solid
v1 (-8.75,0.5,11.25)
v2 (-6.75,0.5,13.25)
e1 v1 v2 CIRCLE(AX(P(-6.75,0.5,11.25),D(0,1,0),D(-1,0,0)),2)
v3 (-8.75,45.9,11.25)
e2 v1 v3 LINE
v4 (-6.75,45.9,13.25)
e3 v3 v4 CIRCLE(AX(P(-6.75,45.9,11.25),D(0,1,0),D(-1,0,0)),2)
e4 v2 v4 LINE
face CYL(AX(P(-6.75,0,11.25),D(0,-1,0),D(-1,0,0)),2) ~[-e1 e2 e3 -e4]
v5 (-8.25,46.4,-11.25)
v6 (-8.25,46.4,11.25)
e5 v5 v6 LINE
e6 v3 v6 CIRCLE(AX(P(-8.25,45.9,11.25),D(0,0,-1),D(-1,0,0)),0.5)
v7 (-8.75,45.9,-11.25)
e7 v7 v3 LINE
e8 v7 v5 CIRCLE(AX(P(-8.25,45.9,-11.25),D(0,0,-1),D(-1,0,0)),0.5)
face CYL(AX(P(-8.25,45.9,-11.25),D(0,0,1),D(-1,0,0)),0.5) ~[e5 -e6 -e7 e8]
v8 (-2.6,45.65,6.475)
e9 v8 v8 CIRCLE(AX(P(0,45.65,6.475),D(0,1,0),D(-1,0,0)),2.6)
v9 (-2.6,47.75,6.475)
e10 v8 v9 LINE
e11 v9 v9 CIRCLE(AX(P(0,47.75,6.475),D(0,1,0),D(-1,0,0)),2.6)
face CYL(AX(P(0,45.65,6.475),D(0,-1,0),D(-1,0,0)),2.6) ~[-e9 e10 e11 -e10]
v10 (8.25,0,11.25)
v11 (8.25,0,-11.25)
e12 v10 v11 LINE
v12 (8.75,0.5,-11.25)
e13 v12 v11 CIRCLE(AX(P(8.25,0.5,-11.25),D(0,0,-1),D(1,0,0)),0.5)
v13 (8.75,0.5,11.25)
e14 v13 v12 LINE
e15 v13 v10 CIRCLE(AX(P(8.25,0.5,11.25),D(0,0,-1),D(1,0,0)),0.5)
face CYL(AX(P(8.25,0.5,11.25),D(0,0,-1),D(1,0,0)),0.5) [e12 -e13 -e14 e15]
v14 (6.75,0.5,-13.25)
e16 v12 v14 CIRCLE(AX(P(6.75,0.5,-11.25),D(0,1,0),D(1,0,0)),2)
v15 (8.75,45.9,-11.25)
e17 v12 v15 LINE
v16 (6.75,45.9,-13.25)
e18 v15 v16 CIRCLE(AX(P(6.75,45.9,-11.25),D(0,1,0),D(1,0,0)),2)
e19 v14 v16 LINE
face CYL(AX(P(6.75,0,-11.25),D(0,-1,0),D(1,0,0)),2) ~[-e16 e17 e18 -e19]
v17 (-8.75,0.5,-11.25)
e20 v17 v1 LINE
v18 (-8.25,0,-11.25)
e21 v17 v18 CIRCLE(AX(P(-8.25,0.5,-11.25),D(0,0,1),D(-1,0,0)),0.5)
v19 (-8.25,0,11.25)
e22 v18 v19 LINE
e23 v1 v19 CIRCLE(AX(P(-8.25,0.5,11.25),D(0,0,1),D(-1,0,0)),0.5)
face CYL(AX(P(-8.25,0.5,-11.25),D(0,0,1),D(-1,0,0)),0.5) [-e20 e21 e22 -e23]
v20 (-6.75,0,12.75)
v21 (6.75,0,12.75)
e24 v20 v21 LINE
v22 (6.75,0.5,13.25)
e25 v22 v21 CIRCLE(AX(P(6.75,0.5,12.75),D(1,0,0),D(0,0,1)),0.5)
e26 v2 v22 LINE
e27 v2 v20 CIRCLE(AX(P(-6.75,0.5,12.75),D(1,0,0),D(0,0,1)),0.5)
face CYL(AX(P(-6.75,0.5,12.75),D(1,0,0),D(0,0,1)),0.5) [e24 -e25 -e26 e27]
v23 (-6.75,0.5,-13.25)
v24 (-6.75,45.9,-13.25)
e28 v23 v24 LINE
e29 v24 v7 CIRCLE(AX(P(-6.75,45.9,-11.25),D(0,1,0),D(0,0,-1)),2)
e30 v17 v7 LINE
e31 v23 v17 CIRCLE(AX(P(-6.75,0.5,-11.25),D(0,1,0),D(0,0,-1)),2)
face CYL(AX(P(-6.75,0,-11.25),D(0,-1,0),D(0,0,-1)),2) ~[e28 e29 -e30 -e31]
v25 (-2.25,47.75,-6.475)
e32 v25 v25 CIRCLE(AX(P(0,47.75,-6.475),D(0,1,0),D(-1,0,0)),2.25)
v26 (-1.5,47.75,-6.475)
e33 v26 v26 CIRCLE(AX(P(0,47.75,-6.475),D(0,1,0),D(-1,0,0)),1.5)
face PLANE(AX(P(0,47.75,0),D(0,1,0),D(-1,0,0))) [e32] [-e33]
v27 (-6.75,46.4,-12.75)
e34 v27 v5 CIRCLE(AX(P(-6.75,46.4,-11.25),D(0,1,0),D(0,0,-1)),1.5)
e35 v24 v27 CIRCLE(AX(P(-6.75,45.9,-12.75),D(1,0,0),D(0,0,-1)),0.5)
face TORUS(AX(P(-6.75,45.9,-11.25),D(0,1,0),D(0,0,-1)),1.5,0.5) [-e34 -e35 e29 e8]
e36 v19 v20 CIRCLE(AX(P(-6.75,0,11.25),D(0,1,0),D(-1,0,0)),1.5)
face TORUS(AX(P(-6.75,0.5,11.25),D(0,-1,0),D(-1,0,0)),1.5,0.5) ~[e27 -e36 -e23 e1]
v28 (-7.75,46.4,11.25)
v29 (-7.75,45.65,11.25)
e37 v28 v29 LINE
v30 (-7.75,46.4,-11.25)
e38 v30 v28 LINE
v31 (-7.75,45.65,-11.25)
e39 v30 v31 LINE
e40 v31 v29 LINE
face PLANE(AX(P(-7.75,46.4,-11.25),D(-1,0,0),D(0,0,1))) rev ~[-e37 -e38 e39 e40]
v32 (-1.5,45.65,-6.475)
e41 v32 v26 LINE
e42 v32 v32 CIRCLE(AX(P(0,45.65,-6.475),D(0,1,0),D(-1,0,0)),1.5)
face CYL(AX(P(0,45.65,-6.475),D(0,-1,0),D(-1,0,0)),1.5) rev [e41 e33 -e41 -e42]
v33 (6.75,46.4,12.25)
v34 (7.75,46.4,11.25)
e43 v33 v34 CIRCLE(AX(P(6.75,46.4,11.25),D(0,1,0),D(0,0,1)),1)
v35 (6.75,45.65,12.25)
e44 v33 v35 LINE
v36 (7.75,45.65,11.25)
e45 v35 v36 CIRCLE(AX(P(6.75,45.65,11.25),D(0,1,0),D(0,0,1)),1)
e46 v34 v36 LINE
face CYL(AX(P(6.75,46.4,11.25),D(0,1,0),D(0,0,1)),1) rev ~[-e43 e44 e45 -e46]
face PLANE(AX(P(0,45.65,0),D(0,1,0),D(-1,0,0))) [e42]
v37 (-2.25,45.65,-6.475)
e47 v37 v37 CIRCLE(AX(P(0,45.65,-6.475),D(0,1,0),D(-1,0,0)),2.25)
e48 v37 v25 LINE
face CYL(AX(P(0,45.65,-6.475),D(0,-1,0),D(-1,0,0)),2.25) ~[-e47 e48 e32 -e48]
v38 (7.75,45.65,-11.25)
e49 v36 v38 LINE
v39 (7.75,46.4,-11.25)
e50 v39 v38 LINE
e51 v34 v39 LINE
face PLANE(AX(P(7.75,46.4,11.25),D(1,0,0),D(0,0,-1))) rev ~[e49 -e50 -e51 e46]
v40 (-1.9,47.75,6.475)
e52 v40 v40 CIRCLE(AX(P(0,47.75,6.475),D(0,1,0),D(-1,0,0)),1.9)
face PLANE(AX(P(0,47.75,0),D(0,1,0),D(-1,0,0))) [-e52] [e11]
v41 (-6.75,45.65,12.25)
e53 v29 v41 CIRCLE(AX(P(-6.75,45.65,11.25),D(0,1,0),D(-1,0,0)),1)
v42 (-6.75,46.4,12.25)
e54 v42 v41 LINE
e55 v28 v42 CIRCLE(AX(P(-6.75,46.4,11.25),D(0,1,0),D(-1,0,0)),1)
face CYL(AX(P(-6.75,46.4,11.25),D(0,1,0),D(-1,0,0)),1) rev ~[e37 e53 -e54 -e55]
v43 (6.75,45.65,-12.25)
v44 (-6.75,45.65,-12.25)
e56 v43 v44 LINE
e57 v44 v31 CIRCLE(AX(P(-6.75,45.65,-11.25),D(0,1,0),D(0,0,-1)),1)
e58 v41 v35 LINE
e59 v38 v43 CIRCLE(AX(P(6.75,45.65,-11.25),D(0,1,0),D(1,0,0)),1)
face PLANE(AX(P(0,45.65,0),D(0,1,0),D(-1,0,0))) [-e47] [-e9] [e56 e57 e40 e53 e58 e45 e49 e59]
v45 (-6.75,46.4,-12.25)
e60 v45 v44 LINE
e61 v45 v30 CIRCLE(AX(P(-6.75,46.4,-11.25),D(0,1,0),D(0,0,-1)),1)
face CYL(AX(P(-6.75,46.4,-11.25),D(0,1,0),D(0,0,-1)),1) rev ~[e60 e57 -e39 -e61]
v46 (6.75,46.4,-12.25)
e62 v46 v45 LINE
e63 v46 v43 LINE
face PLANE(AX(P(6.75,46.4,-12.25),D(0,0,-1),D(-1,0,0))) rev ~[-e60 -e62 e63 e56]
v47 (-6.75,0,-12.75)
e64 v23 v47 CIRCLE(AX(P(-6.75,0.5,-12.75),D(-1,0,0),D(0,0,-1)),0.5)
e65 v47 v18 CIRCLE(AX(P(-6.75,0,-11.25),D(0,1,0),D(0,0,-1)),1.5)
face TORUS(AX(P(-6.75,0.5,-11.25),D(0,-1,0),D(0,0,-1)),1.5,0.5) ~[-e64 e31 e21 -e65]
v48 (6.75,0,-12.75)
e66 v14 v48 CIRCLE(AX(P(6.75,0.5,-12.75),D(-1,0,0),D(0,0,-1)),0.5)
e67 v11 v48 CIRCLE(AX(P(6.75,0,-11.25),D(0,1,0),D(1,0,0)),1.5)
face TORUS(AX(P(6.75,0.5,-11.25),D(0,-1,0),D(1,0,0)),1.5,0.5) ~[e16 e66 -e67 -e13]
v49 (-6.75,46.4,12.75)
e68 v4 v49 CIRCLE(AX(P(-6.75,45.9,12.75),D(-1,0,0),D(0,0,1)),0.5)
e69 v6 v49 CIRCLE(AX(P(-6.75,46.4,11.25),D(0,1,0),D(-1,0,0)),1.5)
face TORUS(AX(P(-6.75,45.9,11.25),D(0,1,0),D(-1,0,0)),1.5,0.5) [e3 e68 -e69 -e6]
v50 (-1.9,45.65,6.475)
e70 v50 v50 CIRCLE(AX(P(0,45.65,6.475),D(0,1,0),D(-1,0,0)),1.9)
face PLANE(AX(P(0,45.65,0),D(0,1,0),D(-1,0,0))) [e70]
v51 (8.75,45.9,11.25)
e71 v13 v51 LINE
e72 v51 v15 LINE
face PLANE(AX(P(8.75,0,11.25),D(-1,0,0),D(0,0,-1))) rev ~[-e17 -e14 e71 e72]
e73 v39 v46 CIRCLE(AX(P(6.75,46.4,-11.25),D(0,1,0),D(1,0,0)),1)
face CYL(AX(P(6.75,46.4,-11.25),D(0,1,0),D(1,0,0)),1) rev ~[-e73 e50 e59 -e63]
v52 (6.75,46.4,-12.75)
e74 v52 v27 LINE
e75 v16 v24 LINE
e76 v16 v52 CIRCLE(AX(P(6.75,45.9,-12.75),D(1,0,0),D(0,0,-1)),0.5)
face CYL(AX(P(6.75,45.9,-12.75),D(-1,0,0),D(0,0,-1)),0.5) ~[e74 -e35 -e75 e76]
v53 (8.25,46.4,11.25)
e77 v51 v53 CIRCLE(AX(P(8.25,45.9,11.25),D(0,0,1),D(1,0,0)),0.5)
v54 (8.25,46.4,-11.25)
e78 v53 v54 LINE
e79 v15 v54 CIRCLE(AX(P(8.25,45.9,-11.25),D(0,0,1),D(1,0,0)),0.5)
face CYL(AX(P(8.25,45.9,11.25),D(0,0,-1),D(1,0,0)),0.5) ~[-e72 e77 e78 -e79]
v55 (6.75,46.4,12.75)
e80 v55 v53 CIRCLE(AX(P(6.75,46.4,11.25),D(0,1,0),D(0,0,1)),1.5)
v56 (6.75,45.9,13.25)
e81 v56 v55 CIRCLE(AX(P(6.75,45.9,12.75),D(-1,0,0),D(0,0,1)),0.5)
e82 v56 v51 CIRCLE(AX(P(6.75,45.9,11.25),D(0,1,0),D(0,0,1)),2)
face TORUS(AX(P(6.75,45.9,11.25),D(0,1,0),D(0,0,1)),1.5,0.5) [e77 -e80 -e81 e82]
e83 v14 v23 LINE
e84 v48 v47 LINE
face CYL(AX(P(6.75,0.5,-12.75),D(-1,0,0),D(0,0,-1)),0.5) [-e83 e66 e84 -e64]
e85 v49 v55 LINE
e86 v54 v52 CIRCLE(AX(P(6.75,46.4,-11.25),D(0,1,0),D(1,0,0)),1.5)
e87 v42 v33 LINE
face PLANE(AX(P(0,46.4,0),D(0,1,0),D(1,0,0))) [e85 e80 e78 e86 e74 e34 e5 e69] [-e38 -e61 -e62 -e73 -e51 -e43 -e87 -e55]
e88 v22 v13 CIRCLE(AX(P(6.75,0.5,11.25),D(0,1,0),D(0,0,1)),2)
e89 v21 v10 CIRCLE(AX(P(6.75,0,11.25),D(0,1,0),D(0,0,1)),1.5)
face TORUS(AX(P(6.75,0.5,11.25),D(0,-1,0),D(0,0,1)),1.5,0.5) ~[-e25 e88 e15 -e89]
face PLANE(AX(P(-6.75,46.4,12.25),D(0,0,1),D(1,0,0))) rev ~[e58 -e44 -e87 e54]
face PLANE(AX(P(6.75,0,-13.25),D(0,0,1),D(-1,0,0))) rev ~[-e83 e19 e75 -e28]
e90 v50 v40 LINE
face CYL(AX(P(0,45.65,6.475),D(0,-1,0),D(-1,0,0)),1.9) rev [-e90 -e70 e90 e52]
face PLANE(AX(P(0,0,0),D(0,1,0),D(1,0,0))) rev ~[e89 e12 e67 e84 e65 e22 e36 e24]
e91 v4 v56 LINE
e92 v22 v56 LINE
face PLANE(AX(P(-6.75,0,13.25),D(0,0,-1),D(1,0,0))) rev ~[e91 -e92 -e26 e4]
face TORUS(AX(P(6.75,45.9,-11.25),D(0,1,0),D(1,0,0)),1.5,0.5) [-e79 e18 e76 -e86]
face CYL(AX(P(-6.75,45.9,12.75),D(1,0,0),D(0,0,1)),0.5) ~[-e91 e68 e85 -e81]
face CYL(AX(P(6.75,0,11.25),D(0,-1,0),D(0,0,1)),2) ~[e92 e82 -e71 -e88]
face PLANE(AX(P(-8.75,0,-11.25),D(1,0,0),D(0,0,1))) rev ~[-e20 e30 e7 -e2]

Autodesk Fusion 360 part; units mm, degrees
sketch "Sketch1" plane through (0, 0, 0) normal (0, 1, 0) x (1, 0, 0)
  line L0 (6.75, 13.25) -> (-6.75, 13.25)
  line L1 (-8.75, 11.25) -> (-8.75, -11.25)
  line L2 (-6.75, -13.25) -> (6.75, -13.25)
  line L3 (8.75, -11.25) -> (8.75, 11.25)
  arc A0 (-6.75, 13.25) -> (-8.75, 11.25) centre (-6.75, 11.25) ccw
  arc A1 (8.75, 11.25) -> (6.75, 13.25) centre (6.75, 11.25) ccw
  arc A2 (6.75, -13.25) -> (8.75, -11.25) centre (6.75, -11.25) ccw
  arc A3 (-8.75, -11.25) -> (-6.75, -13.25) centre (-6.75, -11.25) ccw
  point P0 (8.75, 13.25)
  point P1 (-8.75, 13.25)
  point P2 (8.75, -13.25)
  dimension "d1" = 17.5
  dimension "d2" = 26.5
  dimension "d3" = 2
extrude "Extrude1" add sketch "Sketch1" along normal blind 46.4
sketch "Sketch2" plane through (0, 46.4, 0) normal (0, 1, 0) x (-1, 0, 0)
  arc A0 (8.75, 11.25) -> (6.75, 13.25) centre (6.75, 11.25) ccw
  line L0 (6.75, 13.25) -> (-6.75, 13.25)
  arc A1 (-6.75, 13.25) -> (-8.75, 11.25) centre (-6.75, 11.25) ccw
  line L1 (-8.75, 11.25) -> (-8.75, -11.25)
  arc A2 (-8.75, -11.25) -> (-6.75, -13.25) centre (-6.75, -11.25) ccw
  line L2 (-6.75, -13.25) -> (6.75, -13.25)
  arc A3 (6.75, -13.25) -> (8.75, -11.25) centre (6.75, -11.25) ccw
  line L3 (8.75, -11.25) -> (8.75, 11.25)
  line L4 (7.75, -11.25) -> (7.75, 11.25)
  arc A4 (7.75, 11.25) -> (6.75, 12.25) centre (6.75, 11.25) ccw
  line L5 (6.75, 12.25) -> (-6.75, 12.25)
  arc A5 (-6.75, 12.25) -> (-7.75, 11.25) centre (-6.75, 11.25) ccw
  line L6 (-7.75, 11.25) -> (-7.75, -11.25)
  arc A6 (-7.75, -11.25) -> (-6.75, -12.25) centre (-6.75, -11.25) ccw
  line L7 (-6.75, -12.25) -> (6.75, -12.25)
  arc A7 (6.75, -12.25) -> (7.75, -11.25) centre (6.75, -11.25) ccw
  dimension "d6" = -1
extrude "Extrude2" cut sketch "Sketch2" against normal blind 0.75 contours L4 A4 L5 A5 L6 A6 L7 A7
fillet "Fillet1" radius 0.5 16 edges at (0, 46.4, -13.25) (-8.1642, 46.4, -12.6642) (-8.75, 46.4, 0) (-8.1642, 46.4, 12.6642) (0, 46.4, 13.25) (8.1642, 46.4, 12.6642) (8.75, 46.4, 0) (8.1642, 46.4, -12.6642) (0, 0, -13.25) (-8.1642, 0, -12.6642) (-8.75, 0, 0) (-8.1642, 0, 12.6642) (0, 0, 13.25) (8.1642, 0, 12.6642) (8.75, 0, 0) (8.1642, 0, -12.6642)
sketch "Sketch3" plane through (0, 45.65, 0) normal (0, 1, 0) x (-1, 0, 0)
  arc A0 (6.75, -12.25) -> (7.75, -11.25) centre (6.75, -11.25) ccw
  line L0 (7.75, -11.25) -> (7.75, 11.25)
  arc A1 (7.75, 11.25) -> (6.75, 12.25) centre (6.75, 11.25) ccw
  line L1 (6.75, 12.25) -> (-6.75, 12.25)
  arc A2 (-6.75, 12.25) -> (-7.75, 11.25) centre (-6.75, 11.25) ccw
  line L2 (-7.75, 11.25) -> (-7.75, -11.25)
  arc A3 (-7.75, -11.25) -> (-6.75, -12.25) centre (-6.75, -11.25) ccw
  line L3 (-6.75, -12.25) -> (6.75, -12.25)
  circle A4 centre (0, -6.475) radius 2.25
  circle A5 centre (0, 6.475) radius 2.6
  circle A6 centre (0, -6.475) radius 1.5
  circle A7 centre (0, 6.475) radius 1.9
  dimension "d11" = 6.475
  dimension "d12" = 6.475
  dimension "d13" = 4.5
  dimension "d14" = 5.2
  dimension "d15" = -0.75
  dimension "d16" = -0.7
extrude "Extrude3" add sketch "Sketch3" along normal blind 2.1 contours A4 | A5
equation "d11 = ( 12.95 / 2 ) * 1 mm"
equation "d12 = ( 12.95 / 2 ) * 1 mm"
